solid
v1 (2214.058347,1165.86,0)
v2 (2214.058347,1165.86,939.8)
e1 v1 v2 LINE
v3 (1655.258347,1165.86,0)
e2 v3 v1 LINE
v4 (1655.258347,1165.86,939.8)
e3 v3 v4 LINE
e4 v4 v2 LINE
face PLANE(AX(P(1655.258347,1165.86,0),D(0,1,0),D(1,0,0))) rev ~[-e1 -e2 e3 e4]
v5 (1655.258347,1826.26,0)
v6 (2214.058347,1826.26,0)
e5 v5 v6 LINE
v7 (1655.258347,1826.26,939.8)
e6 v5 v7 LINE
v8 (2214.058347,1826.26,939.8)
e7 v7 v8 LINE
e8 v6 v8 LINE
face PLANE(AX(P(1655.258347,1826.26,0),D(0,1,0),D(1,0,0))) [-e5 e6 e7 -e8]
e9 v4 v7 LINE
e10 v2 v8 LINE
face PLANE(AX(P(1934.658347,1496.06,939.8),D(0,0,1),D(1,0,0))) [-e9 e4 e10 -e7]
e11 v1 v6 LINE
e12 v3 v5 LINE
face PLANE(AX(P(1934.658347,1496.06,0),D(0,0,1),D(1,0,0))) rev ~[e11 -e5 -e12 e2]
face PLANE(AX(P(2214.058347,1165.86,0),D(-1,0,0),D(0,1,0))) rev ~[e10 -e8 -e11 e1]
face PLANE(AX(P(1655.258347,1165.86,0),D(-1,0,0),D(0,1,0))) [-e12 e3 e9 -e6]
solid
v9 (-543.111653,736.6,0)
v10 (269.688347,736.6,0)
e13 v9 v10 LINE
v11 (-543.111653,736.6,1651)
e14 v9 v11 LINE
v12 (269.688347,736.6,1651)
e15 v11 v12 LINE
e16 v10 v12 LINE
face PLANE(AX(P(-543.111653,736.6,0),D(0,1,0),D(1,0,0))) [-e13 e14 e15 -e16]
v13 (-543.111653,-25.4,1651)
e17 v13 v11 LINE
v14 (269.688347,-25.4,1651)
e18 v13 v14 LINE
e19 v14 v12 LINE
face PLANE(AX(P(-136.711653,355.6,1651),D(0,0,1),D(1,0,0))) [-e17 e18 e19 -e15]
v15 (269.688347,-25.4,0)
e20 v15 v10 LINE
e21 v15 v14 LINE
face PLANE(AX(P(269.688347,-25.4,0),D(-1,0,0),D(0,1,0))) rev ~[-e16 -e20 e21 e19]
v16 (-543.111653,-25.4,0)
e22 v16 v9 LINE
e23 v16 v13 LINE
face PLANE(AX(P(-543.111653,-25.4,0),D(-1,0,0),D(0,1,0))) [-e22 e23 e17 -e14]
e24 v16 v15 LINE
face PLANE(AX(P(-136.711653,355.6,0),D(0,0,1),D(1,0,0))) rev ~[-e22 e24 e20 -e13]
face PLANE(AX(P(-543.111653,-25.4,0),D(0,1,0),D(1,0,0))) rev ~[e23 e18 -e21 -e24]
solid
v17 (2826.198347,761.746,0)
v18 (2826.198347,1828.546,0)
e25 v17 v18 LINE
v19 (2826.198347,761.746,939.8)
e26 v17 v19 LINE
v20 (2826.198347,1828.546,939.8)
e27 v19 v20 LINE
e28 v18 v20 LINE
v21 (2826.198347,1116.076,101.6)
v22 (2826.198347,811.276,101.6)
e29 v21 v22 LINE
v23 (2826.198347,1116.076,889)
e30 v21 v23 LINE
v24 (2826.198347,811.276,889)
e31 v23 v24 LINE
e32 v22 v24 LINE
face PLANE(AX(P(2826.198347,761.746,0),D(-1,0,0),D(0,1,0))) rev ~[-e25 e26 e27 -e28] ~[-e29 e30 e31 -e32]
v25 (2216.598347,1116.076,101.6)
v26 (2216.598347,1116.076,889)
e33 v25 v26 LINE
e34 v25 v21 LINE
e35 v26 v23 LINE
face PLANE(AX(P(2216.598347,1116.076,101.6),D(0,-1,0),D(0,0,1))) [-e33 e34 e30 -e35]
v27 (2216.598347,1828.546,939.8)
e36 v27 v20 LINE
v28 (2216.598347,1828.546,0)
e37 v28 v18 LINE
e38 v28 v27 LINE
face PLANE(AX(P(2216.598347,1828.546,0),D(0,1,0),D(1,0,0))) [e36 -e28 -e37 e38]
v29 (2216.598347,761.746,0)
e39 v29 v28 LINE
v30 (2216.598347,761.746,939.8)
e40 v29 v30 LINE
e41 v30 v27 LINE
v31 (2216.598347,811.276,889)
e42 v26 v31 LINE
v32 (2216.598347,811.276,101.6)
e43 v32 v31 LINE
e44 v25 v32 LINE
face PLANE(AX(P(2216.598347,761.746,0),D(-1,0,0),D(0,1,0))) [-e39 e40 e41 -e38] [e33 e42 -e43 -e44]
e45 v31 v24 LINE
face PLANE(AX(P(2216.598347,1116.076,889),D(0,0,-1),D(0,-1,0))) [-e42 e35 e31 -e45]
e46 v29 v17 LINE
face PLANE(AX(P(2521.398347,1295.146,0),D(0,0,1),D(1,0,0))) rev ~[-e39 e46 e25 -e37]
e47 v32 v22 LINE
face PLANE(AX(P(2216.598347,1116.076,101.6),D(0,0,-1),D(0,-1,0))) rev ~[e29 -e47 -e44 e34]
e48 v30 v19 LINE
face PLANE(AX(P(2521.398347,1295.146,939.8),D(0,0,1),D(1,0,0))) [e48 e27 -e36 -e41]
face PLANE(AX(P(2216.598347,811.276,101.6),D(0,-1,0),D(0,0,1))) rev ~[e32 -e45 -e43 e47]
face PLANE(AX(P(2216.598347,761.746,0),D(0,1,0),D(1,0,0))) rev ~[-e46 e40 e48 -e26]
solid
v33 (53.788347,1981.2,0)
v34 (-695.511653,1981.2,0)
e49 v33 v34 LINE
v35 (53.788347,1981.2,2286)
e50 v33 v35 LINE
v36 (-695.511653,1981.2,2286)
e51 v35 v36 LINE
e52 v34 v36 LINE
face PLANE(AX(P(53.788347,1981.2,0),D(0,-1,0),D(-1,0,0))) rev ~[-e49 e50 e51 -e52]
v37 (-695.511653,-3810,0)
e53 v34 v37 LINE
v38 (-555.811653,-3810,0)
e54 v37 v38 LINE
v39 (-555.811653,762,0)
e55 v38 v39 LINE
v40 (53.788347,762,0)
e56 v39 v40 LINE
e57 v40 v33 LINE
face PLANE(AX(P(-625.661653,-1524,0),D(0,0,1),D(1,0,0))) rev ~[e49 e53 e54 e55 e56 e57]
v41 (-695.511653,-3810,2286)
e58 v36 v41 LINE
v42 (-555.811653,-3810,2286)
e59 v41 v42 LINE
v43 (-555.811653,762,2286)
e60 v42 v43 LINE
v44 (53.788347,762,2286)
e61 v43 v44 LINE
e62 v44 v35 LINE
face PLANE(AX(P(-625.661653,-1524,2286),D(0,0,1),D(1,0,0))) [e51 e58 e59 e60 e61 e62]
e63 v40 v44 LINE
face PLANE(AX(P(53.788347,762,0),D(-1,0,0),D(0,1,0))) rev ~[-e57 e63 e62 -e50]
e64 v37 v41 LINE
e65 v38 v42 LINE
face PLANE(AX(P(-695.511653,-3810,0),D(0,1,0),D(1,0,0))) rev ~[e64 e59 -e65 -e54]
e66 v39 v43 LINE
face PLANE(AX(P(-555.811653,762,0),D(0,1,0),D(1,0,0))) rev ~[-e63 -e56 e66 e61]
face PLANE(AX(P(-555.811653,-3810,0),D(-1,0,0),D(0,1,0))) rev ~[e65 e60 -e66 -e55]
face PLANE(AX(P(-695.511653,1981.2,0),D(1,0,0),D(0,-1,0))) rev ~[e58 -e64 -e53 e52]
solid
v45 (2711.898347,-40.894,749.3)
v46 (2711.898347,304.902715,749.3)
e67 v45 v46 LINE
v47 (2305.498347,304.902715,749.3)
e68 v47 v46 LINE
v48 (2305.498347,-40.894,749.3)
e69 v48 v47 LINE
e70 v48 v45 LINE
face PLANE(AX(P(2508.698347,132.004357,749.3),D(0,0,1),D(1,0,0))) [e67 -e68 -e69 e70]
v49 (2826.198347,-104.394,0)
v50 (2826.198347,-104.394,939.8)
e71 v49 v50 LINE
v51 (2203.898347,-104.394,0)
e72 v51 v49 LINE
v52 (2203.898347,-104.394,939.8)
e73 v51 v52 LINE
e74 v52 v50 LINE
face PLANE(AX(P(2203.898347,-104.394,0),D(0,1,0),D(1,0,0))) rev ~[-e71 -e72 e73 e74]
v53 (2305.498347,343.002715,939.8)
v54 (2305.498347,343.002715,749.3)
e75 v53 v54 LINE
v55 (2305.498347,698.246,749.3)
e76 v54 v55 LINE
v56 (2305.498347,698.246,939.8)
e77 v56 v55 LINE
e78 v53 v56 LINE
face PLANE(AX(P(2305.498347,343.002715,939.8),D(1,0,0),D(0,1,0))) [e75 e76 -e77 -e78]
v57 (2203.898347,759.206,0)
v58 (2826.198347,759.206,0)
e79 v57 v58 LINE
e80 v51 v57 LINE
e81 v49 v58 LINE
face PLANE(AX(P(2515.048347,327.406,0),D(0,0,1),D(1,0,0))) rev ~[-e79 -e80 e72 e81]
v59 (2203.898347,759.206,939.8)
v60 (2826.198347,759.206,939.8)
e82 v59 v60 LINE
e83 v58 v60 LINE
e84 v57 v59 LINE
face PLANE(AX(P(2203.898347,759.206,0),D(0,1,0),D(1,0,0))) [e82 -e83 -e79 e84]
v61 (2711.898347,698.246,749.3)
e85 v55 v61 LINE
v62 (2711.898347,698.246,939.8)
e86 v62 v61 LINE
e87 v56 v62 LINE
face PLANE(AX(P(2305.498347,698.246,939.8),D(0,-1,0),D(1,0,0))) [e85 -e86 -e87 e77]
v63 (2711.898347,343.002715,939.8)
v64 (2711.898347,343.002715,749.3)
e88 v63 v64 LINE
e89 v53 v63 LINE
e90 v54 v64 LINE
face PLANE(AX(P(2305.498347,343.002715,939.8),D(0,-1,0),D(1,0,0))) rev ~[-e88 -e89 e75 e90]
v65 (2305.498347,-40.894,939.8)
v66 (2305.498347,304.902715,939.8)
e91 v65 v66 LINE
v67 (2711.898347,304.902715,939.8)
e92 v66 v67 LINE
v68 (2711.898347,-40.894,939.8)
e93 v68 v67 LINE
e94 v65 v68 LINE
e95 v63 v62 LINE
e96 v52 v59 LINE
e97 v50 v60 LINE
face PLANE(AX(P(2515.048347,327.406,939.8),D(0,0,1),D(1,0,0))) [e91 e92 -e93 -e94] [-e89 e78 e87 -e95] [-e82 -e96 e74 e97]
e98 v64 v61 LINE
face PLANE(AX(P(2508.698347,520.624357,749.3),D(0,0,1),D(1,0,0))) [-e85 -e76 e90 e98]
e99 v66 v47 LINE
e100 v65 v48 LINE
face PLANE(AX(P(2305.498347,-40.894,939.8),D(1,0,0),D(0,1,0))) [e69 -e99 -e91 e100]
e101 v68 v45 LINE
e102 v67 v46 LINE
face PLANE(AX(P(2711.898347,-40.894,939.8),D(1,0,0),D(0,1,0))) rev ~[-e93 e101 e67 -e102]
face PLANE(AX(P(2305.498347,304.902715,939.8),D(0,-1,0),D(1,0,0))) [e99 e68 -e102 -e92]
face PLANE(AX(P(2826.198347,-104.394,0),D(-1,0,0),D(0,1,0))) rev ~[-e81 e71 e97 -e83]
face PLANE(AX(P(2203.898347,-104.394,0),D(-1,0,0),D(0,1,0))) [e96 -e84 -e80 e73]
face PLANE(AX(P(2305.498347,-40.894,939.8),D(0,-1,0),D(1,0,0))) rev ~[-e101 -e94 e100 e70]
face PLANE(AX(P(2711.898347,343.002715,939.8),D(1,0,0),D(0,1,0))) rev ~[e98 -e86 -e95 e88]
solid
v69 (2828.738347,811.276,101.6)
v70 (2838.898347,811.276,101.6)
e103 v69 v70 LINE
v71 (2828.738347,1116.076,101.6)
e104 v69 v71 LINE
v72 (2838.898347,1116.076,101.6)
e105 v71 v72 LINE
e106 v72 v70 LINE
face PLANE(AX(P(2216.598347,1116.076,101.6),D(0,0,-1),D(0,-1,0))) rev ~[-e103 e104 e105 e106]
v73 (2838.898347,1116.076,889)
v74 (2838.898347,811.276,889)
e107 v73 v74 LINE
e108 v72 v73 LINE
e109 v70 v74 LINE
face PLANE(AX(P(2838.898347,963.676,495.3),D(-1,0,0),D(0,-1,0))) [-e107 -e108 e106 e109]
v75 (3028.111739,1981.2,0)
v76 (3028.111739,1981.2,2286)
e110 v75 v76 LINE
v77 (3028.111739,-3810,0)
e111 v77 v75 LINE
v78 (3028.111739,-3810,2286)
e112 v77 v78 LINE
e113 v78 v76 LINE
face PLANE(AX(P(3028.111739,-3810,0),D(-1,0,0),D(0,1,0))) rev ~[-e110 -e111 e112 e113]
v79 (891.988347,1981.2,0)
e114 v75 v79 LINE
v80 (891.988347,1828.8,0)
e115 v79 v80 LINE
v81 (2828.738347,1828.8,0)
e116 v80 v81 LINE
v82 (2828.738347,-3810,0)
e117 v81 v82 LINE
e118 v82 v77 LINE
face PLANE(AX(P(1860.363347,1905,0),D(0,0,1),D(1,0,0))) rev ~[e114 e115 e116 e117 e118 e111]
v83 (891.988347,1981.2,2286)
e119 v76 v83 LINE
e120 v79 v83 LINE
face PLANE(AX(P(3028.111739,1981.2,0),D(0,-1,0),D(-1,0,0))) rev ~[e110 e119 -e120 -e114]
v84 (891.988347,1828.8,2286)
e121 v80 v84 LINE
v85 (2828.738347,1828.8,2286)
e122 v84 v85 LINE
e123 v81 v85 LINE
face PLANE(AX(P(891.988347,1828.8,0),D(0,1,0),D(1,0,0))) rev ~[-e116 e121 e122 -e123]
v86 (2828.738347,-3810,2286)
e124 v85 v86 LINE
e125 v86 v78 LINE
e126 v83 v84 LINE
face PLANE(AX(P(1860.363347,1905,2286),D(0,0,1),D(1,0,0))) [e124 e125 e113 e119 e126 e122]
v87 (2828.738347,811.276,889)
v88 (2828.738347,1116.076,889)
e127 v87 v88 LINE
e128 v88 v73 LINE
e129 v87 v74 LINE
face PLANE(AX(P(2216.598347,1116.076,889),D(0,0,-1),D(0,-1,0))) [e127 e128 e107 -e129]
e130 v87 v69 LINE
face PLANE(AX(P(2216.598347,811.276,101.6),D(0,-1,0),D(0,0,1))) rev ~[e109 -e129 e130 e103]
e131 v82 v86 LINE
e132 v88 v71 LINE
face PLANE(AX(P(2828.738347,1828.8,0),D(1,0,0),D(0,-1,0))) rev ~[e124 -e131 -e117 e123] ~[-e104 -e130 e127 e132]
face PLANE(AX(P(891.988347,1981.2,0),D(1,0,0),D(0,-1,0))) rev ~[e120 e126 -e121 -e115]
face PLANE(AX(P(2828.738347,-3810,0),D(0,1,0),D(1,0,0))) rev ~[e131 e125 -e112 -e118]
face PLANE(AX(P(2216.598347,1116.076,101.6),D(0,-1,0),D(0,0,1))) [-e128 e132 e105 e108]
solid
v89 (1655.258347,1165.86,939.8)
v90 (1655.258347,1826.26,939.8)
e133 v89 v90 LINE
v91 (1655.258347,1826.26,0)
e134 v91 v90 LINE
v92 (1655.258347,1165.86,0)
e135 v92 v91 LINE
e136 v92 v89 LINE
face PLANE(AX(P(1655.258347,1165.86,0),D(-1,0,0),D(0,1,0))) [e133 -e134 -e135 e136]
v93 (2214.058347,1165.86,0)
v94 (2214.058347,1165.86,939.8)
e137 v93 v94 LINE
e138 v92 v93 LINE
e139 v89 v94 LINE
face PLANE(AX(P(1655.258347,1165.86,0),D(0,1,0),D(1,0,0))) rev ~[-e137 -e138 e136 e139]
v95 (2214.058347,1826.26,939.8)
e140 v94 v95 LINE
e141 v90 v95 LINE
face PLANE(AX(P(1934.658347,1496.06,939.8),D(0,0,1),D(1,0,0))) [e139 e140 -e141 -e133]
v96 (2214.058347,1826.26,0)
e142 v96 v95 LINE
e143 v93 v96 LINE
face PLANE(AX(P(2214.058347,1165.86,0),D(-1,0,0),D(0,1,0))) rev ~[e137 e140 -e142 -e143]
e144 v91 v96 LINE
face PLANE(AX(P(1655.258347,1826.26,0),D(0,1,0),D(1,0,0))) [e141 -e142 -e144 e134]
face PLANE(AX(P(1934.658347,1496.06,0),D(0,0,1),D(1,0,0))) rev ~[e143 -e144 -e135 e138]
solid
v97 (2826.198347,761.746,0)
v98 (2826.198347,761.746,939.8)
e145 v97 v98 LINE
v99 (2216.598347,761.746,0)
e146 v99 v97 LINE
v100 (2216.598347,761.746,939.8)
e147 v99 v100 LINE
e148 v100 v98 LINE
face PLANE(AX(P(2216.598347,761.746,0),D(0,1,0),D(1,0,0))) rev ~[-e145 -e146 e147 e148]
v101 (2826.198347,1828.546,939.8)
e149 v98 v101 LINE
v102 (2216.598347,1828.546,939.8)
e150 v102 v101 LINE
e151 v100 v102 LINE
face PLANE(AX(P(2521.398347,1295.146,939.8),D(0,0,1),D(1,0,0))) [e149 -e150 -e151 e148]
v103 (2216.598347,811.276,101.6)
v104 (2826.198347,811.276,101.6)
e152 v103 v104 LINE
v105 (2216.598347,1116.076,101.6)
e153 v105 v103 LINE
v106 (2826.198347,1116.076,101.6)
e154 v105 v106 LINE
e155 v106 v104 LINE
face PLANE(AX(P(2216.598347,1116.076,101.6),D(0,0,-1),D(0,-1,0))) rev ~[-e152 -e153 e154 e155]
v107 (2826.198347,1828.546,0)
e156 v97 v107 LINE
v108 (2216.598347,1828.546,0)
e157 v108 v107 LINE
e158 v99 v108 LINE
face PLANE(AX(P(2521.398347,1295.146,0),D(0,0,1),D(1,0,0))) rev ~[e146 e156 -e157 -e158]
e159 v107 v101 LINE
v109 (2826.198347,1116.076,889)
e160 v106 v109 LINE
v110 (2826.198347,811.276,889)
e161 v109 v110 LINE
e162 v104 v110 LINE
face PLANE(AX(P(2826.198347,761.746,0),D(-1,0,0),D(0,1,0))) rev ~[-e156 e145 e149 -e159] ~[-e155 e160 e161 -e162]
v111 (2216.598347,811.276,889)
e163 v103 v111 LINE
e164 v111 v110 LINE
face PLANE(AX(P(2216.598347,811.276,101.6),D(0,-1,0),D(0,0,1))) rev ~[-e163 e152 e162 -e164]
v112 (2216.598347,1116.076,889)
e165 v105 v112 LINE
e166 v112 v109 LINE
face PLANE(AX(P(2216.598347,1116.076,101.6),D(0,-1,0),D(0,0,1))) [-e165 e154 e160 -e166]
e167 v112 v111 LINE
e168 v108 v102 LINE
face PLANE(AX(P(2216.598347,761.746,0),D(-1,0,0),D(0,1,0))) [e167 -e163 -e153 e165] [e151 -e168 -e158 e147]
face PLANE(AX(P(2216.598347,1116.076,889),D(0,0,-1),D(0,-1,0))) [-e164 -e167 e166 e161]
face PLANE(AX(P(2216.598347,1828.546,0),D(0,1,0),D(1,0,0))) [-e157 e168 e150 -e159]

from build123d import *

# Parameters (mm, degrees)
F1_DEPTH  = 2286
F2_W      = 812.8
F2_H      = 762
F3_DEPTH  = 1651
F4_W      = 609.6
F4_H      = 1066.8
F4_W_2    = 558.8
F4_H_2    = 660.4
F5_DEPTH  = 939.8
F6_DEPTH  = 939.8
F7_W      = 304.8
F7_H      = 787.4
F8_DEPTH  = 622.3
F9_W      = 622.3
F9_H      = 863.6
F10_DEPTH = 939.8
F11_W     = 406.4
F11_H     = 345.796715
F11_H_2   = 355.243285
F12_DEPTH = 190.5


with BuildPart() as f1:
    # F0 (on Top) → F1 (new body)
    with BuildSketch(Plane.XY):
        Polygon((2828.738347, 1981.2), (891.988347, 1981.2), (891.988347, 1828.8), (1095.188347, 1828.8), (2828.738347, 1828.8), align=None)
        Polygon((3028.111739, 1981.2), (2828.738347, 1981.2), (2828.738347, 1828.8), (2828.738347, -3810), (3028.111739, -3810), align=None)
        Polygon((-695.511653, 762), (-695.511653, -3810), (-555.811653, -3810), (-555.811653, 0), (-555.811653, 762), align=None)
        Polygon((-695.511653, 1981.2), (-695.511653, 762), (-555.811653, 762), (53.788347, 762), (53.788347, 1981.2), align=None)
    extrude(amount=F1_DEPTH)


with BuildPart() as f3:
    # F2 (on Top) → F3 (new body)
    with BuildSketch(Plane.XY):
        with Locations((-136.711653, 355.6)):
            Rectangle(F2_W, F2_H)
    extrude(amount=F3_DEPTH)


with BuildPart() as f5:
    # F4 (on Top) → F5 (new body)
    with BuildSketch(Plane.XY):
        with Locations((2521.398347, 1295.146)):
            Rectangle(F4_W, F4_H)
        with Locations((1934.658347, 1496.06)):
            Rectangle(F4_W_2, F4_H_2)
    extrude(amount=F5_DEPTH)


with BuildPart() as f6:
    # F4 (on Top) → F6 (new body)
    with BuildSketch(Plane.XY):
        with Locations((2521.398347, 1295.146)):
            Rectangle(F4_W, F4_H)
        with Locations((1934.658347, 1496.06)):
            Rectangle(F4_W_2, F4_H_2)
    extrude(amount=F6_DEPTH)


with BuildPart() as f8_tool:
    # F7 (on face) → F8 (new body)
    with BuildSketch(Plane(origin=(2216.598347, 0, 0), x_dir=(0, -1, 0), z_dir=(-1, 0, 0))):
        with Locations((-963.676, 495.3)):
            Rectangle(F7_W, F7_H)
    extrude(amount=-F8_DEPTH)


with BuildPart() as f1_1:
    add(f1.part)

    # F8: cut by f8_tool
    add(f8_tool.part, mode=Mode.SUBTRACT)


with BuildPart() as f5_1:
    add(f5.part)

    # F8: cut by f8_tool
    add(f8_tool.part, mode=Mode.SUBTRACT)


with BuildPart() as f6_1:
    add(f6.part)

    # F8: cut by f8_tool
    add(f8_tool.part, mode=Mode.SUBTRACT)


with BuildPart() as f10:
    # F9 (on Top) → F10 (new body)
    with BuildSketch(Plane.XY):
        with Locations((2515.048347, 327.406)):
            Rectangle(F9_W, F9_H)
    extrude(amount=F10_DEPTH)

    # F11 (on face) → F12 (cut)
    with BuildSketch(Plane.XY.offset(939.8)):
        with Locations((2508.698347, 132.004357)):
            Rectangle(F11_W, F11_H)
        with Locations((2508.698347, 520.624357)):
            Rectangle(F11_W, F11_H_2)
    extrude(amount=-F12_DEPTH, mode=Mode.SUBTRACT)


solid = Compound([f3.part, f1_1.part, f5_1.part, f6_1.part, f10.part])
